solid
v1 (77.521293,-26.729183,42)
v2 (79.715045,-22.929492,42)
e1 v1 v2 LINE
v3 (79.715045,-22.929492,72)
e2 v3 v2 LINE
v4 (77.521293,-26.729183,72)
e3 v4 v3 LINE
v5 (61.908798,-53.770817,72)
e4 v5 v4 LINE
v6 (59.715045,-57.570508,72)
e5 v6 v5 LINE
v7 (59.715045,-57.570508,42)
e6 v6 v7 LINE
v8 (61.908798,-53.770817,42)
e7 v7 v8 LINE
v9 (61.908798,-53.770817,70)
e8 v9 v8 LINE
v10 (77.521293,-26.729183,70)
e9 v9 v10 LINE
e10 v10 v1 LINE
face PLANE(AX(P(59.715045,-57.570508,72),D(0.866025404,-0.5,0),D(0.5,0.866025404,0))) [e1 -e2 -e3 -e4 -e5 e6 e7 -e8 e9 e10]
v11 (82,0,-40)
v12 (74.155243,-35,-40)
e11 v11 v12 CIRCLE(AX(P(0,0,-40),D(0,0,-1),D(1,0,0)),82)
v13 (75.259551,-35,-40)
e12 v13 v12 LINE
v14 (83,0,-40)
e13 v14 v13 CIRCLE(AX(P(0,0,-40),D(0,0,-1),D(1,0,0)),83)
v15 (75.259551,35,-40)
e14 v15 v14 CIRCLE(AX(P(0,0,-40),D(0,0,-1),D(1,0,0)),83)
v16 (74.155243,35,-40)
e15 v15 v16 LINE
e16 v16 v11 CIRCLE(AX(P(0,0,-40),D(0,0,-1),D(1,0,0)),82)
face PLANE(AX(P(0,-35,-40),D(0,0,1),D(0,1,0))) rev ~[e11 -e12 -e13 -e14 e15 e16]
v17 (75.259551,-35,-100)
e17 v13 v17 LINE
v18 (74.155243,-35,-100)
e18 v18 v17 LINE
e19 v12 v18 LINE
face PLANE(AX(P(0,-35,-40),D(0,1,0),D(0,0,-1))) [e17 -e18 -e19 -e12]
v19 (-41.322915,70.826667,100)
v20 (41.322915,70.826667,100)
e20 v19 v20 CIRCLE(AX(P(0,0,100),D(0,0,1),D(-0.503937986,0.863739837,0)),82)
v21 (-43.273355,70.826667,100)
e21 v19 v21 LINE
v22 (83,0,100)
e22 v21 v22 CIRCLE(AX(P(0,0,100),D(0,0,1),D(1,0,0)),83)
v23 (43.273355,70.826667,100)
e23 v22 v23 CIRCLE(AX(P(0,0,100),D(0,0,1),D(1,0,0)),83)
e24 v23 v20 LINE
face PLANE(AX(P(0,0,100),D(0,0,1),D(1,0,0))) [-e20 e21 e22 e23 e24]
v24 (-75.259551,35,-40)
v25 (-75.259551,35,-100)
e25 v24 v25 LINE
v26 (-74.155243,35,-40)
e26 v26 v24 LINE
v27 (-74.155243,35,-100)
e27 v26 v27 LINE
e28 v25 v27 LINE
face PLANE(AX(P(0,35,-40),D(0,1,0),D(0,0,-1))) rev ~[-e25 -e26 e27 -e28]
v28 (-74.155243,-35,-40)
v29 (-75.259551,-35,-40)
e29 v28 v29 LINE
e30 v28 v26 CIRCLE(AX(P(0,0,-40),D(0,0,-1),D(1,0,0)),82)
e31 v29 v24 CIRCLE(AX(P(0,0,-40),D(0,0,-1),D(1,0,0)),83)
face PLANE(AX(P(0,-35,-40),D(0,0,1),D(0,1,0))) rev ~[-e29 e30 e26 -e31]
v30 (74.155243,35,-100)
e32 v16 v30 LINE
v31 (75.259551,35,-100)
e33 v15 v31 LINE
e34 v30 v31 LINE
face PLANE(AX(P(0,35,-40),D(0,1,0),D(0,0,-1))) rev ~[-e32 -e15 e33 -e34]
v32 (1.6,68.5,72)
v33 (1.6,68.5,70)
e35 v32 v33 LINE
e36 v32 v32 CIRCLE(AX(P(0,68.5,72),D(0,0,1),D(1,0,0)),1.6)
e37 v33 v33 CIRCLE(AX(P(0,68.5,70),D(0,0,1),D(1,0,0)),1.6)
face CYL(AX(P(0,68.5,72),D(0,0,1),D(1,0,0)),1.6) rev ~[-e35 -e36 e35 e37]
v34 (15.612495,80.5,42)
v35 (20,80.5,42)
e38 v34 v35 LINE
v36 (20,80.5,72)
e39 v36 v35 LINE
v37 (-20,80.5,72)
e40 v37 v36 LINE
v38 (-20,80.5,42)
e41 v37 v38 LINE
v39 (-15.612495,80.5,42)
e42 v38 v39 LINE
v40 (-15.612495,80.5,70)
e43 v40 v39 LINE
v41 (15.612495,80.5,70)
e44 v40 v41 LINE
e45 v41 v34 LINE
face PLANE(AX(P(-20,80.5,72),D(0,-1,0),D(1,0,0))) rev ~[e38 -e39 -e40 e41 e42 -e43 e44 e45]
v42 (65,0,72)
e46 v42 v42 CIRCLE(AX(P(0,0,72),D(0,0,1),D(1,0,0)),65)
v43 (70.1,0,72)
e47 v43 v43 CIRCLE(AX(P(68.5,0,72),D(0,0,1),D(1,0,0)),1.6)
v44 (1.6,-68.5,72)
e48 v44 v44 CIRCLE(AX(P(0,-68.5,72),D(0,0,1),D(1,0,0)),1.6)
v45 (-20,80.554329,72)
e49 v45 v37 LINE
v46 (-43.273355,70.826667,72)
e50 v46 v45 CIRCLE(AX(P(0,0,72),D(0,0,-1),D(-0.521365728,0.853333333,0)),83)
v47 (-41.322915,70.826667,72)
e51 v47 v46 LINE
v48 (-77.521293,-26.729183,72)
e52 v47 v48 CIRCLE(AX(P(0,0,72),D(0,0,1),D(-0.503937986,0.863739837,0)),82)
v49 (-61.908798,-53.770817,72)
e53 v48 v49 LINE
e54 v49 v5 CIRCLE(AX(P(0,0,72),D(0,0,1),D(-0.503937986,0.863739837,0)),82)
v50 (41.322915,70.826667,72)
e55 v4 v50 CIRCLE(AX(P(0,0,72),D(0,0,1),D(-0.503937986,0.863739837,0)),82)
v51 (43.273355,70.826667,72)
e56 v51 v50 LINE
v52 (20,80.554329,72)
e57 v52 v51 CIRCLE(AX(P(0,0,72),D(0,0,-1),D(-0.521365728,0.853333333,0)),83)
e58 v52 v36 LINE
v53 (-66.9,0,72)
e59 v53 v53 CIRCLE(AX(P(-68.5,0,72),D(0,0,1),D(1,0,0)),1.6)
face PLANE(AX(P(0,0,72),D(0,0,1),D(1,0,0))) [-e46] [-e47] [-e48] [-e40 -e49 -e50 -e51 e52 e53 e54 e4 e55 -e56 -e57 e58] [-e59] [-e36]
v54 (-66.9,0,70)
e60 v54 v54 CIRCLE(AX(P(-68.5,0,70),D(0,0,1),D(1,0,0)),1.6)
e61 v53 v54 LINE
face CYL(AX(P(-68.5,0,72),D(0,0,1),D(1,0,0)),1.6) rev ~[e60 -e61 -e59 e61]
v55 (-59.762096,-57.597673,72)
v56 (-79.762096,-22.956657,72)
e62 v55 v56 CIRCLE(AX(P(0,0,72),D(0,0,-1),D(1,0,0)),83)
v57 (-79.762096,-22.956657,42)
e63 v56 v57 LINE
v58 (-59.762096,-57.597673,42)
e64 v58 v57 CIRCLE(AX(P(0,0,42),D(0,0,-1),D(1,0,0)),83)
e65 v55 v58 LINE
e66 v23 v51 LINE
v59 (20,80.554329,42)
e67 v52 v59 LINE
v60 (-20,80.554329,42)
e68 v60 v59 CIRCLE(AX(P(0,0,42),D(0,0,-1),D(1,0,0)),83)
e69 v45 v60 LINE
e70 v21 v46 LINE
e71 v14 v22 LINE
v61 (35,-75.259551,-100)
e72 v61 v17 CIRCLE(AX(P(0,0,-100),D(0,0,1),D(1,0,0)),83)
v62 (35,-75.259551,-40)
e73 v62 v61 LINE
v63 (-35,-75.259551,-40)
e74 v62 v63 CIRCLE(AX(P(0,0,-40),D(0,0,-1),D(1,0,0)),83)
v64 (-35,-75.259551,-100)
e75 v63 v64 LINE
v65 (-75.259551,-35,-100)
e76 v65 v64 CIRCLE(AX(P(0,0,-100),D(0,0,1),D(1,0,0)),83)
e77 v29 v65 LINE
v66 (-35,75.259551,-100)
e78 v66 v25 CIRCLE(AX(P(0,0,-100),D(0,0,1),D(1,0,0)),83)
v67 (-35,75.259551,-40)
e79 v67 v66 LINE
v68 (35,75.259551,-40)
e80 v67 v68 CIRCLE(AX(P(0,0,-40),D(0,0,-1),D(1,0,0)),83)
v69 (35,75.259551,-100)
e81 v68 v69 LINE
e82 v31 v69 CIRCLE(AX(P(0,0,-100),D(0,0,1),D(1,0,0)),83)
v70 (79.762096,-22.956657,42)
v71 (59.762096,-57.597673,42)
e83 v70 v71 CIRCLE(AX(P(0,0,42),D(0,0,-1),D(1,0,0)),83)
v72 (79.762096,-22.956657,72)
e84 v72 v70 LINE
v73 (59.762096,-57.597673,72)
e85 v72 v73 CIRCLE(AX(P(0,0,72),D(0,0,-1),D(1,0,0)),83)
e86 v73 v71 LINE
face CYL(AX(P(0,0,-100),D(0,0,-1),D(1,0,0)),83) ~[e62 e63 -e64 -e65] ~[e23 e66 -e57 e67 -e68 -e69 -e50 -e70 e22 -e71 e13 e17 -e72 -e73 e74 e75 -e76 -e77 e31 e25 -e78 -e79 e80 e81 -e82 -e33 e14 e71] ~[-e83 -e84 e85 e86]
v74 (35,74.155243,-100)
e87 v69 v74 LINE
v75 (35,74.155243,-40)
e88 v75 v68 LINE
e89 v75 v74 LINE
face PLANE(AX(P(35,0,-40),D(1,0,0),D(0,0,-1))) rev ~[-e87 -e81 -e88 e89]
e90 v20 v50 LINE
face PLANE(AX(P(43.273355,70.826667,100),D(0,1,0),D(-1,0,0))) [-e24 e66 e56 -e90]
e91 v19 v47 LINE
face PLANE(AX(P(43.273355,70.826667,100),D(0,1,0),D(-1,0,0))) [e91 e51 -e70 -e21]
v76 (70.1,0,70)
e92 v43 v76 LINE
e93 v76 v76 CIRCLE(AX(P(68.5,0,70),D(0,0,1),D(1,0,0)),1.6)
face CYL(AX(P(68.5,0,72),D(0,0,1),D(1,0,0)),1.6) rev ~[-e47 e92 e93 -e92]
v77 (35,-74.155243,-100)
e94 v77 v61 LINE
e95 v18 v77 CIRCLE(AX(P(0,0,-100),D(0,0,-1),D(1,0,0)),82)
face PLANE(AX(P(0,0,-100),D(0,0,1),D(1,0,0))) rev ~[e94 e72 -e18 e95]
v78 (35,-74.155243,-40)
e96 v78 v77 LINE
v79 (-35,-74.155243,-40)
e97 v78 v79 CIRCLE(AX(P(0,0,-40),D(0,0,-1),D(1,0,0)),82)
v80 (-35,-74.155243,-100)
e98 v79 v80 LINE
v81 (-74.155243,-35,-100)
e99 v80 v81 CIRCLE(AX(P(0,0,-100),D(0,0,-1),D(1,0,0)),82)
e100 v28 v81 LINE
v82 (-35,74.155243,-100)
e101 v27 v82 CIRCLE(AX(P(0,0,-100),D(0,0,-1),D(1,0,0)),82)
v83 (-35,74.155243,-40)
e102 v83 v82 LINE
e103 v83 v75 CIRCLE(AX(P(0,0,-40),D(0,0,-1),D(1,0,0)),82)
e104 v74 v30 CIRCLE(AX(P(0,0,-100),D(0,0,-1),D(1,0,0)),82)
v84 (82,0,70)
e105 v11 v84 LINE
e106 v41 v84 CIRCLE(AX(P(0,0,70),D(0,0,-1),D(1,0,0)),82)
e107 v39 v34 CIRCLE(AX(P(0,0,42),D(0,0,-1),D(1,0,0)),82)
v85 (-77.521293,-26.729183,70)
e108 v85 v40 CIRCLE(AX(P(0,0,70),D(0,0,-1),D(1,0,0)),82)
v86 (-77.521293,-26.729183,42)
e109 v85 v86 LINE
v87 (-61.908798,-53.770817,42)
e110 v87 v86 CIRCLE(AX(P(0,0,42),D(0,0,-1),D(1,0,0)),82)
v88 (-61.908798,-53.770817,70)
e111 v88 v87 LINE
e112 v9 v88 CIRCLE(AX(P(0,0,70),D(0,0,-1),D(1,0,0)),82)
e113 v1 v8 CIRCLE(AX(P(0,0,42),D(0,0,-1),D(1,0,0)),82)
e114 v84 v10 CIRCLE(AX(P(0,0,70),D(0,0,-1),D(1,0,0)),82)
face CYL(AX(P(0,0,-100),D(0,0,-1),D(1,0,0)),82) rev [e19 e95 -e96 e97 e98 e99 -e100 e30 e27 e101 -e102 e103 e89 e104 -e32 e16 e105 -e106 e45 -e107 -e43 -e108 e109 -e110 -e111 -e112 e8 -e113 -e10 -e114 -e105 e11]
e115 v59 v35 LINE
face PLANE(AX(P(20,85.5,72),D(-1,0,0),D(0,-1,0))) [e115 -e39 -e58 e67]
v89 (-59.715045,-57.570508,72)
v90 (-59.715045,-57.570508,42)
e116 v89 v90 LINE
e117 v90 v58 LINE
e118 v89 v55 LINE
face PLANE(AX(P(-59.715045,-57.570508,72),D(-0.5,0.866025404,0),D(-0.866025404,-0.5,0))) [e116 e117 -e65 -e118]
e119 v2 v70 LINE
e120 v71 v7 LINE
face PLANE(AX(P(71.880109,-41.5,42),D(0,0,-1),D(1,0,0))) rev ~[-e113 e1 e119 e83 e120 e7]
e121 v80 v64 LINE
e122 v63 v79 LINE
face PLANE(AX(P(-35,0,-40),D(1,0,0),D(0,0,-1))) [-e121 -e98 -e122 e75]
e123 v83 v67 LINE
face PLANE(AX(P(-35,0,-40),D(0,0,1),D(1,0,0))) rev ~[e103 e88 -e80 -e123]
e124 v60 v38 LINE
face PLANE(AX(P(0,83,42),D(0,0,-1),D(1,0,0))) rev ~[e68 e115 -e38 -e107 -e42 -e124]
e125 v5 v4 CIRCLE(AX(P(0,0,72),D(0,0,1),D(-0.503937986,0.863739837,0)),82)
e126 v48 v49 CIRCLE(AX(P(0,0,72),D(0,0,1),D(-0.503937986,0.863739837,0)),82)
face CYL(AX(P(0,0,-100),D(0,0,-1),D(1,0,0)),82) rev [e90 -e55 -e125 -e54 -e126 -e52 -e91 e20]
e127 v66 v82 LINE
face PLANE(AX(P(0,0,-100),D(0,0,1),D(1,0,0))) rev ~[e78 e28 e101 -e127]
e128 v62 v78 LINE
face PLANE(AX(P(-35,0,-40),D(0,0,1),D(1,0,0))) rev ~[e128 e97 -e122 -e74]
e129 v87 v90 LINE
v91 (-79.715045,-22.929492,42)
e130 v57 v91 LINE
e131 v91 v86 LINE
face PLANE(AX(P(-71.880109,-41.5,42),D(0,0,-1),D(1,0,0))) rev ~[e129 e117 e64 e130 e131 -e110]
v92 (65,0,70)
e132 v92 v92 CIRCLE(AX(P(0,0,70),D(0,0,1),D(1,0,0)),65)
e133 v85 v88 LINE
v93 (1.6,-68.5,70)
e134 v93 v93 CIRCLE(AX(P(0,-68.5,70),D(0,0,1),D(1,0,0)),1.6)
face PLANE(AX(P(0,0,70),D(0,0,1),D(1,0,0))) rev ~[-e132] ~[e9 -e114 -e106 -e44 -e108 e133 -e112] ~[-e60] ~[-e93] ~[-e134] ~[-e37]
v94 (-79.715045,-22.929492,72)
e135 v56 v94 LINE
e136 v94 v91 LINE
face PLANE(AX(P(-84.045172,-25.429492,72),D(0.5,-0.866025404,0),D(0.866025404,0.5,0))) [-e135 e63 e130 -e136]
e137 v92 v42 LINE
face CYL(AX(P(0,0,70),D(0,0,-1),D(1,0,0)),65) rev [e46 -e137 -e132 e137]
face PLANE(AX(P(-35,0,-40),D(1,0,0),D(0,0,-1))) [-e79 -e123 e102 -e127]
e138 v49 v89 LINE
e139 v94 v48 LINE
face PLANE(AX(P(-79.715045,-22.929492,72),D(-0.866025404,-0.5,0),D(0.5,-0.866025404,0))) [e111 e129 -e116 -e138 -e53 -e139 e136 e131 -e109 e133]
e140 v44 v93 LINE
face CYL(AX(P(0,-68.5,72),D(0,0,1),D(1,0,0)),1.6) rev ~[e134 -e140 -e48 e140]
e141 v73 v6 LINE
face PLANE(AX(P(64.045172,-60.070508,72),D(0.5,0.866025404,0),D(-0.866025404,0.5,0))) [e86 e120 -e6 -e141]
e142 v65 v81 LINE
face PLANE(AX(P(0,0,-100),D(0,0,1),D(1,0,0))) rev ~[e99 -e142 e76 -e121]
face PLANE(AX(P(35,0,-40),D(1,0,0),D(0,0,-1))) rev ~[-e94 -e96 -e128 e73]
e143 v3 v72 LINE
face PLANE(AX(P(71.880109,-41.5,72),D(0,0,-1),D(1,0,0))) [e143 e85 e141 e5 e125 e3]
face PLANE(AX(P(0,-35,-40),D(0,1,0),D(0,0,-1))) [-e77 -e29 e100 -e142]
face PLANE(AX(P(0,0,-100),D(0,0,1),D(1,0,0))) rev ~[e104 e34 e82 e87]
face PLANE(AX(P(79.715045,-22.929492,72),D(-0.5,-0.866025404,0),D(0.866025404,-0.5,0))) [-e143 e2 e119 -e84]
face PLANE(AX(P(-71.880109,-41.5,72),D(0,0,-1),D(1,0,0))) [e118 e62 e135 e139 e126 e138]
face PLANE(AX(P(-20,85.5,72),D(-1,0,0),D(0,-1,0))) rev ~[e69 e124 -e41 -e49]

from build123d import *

# Parameters (mm, degrees)
EXTRUDE_1_DEPTH          = 100
EXTRUDE_1_DEPTH_BACK     = 100
SKETCH_1_R               = 83
SHELL_1_T                = -1
SKETCH_2_R               = 82.5
SKETCH_2_R_2             = 65
EXTRUDE_2_DEPTH          = 2
CUT_EXTRUDE_1_DEPTH      = 28
SKETCH_5_W               = 70
SKETCH_5_H               = 60
CUT_EXTRUDE_2_DEPTH      = 155.201167311
PATTERN_CIRCULAR_1_COUNT = 4
SKETCH_6_W               = 40
SKETCH_6_H               = 5
CUT_EXTRUDE_3_DEPTH      = 30
CUT_EXTRUDE_4_REACH      = 210.235
SKETCH_7_R               = 1.6


with BuildPart() as part:
    # 草图1 → 凸台-拉伸1 (new, two sides: drawn at the far end of the back side and taken through both)
    with BuildSketch(Plane.XY.offset(-EXTRUDE_1_DEPTH_BACK)):
        Circle(SKETCH_1_R)
    extrude(amount=EXTRUDE_1_DEPTH + EXTRUDE_1_DEPTH_BACK)

    # 抽壳1
    shell_1_openings = [part.faces().sort_by_distance(p)[0] for p in [
        (0, 0, -100),
        (0, 0, 100),
    ]]
    offset(amount=SHELL_1_T, openings=shell_1_openings, kind=Kind.INTERSECTION)

    # 草图2 → 凸台-拉伸2 (add)
    with BuildSketch(Plane.XY.offset(70)):
        Circle(SKETCH_2_R)
        Circle(SKETCH_2_R_2, mode=Mode.SUBTRACT)
    extrude(amount=EXTRUDE_2_DEPTH)

    # 草图3 → 切除-拉伸1 (cut)
    with BuildSketch(Plane.XY.offset(100)):
        with BuildLine():
            Line((43.273355415, 70.826666667), (-43.273355415, 70.826666667))
            ThreePointArc((-43.273355415, 70.826666667), (0, 83), (43.273355415, 70.826666667))
        make_face()
    extrude(amount=-CUT_EXTRUDE_1_DEPTH, mode=Mode.SUBTRACT)

    # 草图5 → 切除-拉伸2 (cut, symmetric)
    with BuildSketch(Plane(origin=(0, 0, 0), x_dir=(1, 0, 0), z_dir=(0, 1, 0))):
        with Locations((0, 70)):
            Rectangle(SKETCH_5_W, SKETCH_5_H)
    cut_extrude_2 = extrude(amount=CUT_EXTRUDE_2_DEPTH, both=True, mode=Mode.SUBTRACT)

    # 阵列(圆周)1: 切除-拉伸2 ×4 about axis
    pattern_circular_1_axis = Axis((0, 0, -100), (0, 0, 1))
    for i in range(1, PATTERN_CIRCULAR_1_COUNT):
        add(cut_extrude_2.rotate(pattern_circular_1_axis, i * 360 / PATTERN_CIRCULAR_1_COUNT), mode=Mode.SUBTRACT)

    # 草图6 → 切除-拉伸3 (cut)
    with BuildSketch(Plane(origin=(0, 0, 72), x_dir=(1, 0, 0), z_dir=(0, 0, -1))):
        Polygon((-64.045172024, 60.070508076), (-84.045172024, 25.429491924), (-79.715045005, 22.929491924), (-59.715045005, 57.570508076), align=None)
        with Locations((0, -83)):
            Rectangle(SKETCH_6_W, SKETCH_6_H)
        Polygon((84.045172024, 25.429491924), (64.045172024, 60.070508076), (59.715045005, 57.570508076), (79.715045005, 22.929491924), align=None)
    extrude(amount=CUT_EXTRUDE_3_DEPTH, mode=Mode.SUBTRACT)

    # 草图7 → 切除-拉伸4 (cut, up to next)
    with BuildSketch(Plane.XY.offset(72), mode=Mode.PRIVATE) as cut_extrude_4_sk1:
        with Locations((0, 68.5)):
            Circle(SKETCH_7_R)
    cut_extrude_4_tool1 = extrude(cut_extrude_4_sk1.sketch, amount=-CUT_EXTRUDE_4_REACH, mode=Mode.PRIVATE) & part.part
    # 草图7 → 切除-拉伸4 (cut, up to next)
    with BuildSketch(Plane.XY.offset(72), mode=Mode.PRIVATE) as cut_extrude_4_sk2:
        with Locations((-68.5, 0)):
            Circle(SKETCH_7_R)
    cut_extrude_4_tool2 = extrude(cut_extrude_4_sk2.sketch, amount=-CUT_EXTRUDE_4_REACH, mode=Mode.PRIVATE) & part.part
    # 草图7 → 切除-拉伸4 (cut, up to next)
    with BuildSketch(Plane.XY.offset(72), mode=Mode.PRIVATE) as cut_extrude_4_sk3:
        with Locations((0, -68.5)):
            Circle(SKETCH_7_R)
    cut_extrude_4_tool3 = extrude(cut_extrude_4_sk3.sketch, amount=-CUT_EXTRUDE_4_REACH, mode=Mode.PRIVATE) & part.part
    # 草图7 → 切除-拉伸4 (cut, up to next)
    with BuildSketch(Plane.XY.offset(72), mode=Mode.PRIVATE) as cut_extrude_4_sk4:
        with Locations((68.5, 0)):
            Circle(SKETCH_7_R)
    cut_extrude_4_tool4 = extrude(cut_extrude_4_sk4.sketch, amount=-CUT_EXTRUDE_4_REACH, mode=Mode.PRIVATE) & part.part
    add(cut_extrude_4_tool1.solids().sort_by_distance((0, 68.5, 72))[0], mode=Mode.SUBTRACT)
    add(cut_extrude_4_tool2.solids().sort_by_distance((-68.5, 0, 72))[0], mode=Mode.SUBTRACT)
    add(cut_extrude_4_tool3.solids().sort_by_distance((0, -68.5, 72))[0], mode=Mode.SUBTRACT)
    add(cut_extrude_4_tool4.solids().sort_by_distance((68.5, 0, 72))[0], mode=Mode.SUBTRACT)


solid = part.part
